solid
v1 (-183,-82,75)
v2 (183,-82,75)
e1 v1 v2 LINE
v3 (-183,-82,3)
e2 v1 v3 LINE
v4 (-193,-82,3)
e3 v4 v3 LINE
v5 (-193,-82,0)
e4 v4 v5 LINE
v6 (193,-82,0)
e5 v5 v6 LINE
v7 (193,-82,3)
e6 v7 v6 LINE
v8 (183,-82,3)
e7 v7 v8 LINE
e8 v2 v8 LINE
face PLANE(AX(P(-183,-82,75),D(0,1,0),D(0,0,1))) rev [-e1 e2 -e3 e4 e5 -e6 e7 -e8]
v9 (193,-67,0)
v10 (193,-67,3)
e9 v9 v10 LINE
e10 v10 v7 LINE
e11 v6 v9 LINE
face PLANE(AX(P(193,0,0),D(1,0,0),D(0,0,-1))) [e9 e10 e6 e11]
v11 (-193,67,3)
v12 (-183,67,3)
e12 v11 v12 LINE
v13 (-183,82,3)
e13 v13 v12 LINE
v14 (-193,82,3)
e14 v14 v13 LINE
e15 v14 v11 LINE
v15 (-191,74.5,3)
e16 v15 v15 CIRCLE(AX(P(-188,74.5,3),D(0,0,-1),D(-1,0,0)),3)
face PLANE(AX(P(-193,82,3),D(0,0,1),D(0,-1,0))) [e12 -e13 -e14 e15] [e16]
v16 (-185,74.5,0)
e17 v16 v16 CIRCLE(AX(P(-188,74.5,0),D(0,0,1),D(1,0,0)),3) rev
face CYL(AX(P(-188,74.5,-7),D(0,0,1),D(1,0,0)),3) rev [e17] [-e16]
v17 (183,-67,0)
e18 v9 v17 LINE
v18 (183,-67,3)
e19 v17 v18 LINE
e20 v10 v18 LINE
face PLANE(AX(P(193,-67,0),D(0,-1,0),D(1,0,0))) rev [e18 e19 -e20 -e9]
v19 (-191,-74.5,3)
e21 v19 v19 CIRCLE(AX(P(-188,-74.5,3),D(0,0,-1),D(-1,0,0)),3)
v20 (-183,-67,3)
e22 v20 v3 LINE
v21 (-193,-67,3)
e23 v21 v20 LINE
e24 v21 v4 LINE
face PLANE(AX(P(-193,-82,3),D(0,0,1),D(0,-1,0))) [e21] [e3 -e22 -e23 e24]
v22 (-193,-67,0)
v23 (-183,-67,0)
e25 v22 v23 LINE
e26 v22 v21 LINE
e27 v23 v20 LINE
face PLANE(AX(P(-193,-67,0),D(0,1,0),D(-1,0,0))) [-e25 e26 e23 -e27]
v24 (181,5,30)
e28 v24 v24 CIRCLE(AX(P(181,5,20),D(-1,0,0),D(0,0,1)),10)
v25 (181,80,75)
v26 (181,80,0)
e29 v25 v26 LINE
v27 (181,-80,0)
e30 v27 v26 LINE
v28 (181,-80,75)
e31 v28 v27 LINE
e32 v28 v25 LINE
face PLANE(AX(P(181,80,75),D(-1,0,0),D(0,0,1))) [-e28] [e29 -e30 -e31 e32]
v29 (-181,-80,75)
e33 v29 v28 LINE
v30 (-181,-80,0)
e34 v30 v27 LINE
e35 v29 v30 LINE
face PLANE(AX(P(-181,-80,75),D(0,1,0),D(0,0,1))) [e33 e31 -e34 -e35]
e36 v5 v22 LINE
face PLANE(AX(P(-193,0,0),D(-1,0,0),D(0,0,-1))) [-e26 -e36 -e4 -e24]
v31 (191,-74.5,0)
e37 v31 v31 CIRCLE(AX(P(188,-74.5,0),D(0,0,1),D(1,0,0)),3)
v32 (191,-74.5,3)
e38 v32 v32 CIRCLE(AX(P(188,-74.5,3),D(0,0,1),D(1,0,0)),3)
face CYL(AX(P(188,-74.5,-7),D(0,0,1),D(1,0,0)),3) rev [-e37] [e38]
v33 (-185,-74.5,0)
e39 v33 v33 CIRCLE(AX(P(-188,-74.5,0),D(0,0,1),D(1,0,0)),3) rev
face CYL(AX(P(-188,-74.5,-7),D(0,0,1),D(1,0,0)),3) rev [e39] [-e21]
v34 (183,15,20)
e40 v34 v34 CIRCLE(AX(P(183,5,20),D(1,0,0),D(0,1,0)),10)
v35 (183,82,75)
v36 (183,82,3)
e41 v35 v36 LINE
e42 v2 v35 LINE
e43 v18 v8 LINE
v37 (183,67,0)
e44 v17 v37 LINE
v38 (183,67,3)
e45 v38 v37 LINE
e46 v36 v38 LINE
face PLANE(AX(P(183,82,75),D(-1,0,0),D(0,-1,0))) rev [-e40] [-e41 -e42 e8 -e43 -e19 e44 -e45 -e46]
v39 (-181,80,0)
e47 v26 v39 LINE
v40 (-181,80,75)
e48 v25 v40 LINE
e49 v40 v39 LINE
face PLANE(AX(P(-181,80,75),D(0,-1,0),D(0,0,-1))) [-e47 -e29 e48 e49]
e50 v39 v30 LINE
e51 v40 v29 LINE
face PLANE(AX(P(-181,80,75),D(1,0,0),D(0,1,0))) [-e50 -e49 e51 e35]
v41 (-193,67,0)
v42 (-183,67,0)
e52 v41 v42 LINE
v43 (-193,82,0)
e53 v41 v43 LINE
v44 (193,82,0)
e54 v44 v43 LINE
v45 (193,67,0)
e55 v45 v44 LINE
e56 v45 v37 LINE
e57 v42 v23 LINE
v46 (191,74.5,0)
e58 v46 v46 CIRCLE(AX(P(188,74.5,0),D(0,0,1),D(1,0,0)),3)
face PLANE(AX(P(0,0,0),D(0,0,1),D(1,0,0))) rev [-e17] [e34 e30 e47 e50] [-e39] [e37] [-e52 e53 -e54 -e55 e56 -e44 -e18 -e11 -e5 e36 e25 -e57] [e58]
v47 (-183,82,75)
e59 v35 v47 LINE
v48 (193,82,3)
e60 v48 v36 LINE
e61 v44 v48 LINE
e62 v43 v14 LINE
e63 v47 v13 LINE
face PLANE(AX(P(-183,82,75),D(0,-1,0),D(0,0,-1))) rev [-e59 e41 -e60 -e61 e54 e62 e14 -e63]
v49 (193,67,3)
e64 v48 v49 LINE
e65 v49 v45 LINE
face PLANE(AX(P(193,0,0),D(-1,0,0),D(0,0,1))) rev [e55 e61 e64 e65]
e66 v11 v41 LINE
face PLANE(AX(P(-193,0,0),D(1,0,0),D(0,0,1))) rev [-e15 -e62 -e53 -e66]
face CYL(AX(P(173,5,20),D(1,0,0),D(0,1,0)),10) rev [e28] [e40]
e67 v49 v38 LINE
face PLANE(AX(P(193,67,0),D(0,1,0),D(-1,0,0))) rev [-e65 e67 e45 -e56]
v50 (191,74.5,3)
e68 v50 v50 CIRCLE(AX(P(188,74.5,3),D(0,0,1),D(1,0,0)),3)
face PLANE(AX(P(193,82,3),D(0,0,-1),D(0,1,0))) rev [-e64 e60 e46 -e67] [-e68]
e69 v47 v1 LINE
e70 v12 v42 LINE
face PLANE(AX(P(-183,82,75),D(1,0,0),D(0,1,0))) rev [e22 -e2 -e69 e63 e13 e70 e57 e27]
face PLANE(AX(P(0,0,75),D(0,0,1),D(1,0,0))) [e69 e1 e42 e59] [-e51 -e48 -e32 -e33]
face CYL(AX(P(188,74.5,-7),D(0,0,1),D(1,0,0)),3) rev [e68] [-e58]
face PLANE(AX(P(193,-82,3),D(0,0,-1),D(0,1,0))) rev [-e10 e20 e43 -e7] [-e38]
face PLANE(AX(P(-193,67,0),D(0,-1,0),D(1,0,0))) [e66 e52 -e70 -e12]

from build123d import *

# Parameters (mm, degrees)
SKETCH_1_W          = 366
SKETCH_1_H          = 164
SKETCH_1_W_2        = 362
SKETCH_1_H_2        = 160
EXTRUDE_1_DEPTH     = 75
SKETCH_2_W          = 3
SKETCH_2_H          = 15
EXTRUDE_2_DEPTH     = 10
SKETCH_3_R          = 3
CUT_EXTRUDE_1_DEPTH = 10
SKETCH_4_R          = 10
CUT_EXTRUDE_2_DEPTH = 10


with BuildPart() as part:
    # 草圖1 → 填料-伸長1 (new body)
    with BuildSketch(Plane.XY):
        Rectangle(SKETCH_1_W, SKETCH_1_H)
        Rectangle(SKETCH_1_W_2, SKETCH_1_H_2, mode=Mode.SUBTRACT)
    extrude(amount=EXTRUDE_1_DEPTH)

    # 草圖2 → 填料-伸長2 (add)
    with BuildSketch(Plane(origin=(183, 0, 0), x_dir=(0, 0, -1), z_dir=(1, 0, 0))):
        with Locations((-1.5, 74.5)):
            Rectangle(SKETCH_2_W, SKETCH_2_H)
        with Locations((-1.5, -74.5)):
            Rectangle(SKETCH_2_W, SKETCH_2_H)
    extrude_2 = extrude(amount=EXTRUDE_2_DEPTH)

    # 鏡射1: 填料-伸長2 across plane
    add(extrude_2.mirror(Plane(origin=(0, 0, 0), x_dir=(0, 0, 1), z_dir=(1, 0, 0))))

    # 草圖3 → 除料-伸長1 (cut)
    with BuildSketch(Plane.XY.offset(3)):
        with Locations((188, 74.5)):
            Circle(SKETCH_3_R)
        with Locations((188, -74.5)):
            Circle(SKETCH_3_R)
    cut_extrude_1 = extrude(amount=-CUT_EXTRUDE_1_DEPTH, mode=Mode.SUBTRACT)

    # 鏡射3: 除料-伸長1 across plane
    add(cut_extrude_1.mirror(Plane(origin=(0, 0, 0), x_dir=(0, 0, 1), z_dir=(1, 0, 0))), mode=Mode.SUBTRACT)

    # 草圖4 → 除料-伸長2 (cut)
    with BuildSketch(Plane(origin=(183, 0, 0), x_dir=(0, 0, -1), z_dir=(1, 0, 0))):
        with Locations(Location((-20, 5, 0), (0, 0, 90))):
            Circle(SKETCH_4_R)
    extrude(amount=-CUT_EXTRUDE_2_DEPTH, mode=Mode.SUBTRACT)


solid = part.part
